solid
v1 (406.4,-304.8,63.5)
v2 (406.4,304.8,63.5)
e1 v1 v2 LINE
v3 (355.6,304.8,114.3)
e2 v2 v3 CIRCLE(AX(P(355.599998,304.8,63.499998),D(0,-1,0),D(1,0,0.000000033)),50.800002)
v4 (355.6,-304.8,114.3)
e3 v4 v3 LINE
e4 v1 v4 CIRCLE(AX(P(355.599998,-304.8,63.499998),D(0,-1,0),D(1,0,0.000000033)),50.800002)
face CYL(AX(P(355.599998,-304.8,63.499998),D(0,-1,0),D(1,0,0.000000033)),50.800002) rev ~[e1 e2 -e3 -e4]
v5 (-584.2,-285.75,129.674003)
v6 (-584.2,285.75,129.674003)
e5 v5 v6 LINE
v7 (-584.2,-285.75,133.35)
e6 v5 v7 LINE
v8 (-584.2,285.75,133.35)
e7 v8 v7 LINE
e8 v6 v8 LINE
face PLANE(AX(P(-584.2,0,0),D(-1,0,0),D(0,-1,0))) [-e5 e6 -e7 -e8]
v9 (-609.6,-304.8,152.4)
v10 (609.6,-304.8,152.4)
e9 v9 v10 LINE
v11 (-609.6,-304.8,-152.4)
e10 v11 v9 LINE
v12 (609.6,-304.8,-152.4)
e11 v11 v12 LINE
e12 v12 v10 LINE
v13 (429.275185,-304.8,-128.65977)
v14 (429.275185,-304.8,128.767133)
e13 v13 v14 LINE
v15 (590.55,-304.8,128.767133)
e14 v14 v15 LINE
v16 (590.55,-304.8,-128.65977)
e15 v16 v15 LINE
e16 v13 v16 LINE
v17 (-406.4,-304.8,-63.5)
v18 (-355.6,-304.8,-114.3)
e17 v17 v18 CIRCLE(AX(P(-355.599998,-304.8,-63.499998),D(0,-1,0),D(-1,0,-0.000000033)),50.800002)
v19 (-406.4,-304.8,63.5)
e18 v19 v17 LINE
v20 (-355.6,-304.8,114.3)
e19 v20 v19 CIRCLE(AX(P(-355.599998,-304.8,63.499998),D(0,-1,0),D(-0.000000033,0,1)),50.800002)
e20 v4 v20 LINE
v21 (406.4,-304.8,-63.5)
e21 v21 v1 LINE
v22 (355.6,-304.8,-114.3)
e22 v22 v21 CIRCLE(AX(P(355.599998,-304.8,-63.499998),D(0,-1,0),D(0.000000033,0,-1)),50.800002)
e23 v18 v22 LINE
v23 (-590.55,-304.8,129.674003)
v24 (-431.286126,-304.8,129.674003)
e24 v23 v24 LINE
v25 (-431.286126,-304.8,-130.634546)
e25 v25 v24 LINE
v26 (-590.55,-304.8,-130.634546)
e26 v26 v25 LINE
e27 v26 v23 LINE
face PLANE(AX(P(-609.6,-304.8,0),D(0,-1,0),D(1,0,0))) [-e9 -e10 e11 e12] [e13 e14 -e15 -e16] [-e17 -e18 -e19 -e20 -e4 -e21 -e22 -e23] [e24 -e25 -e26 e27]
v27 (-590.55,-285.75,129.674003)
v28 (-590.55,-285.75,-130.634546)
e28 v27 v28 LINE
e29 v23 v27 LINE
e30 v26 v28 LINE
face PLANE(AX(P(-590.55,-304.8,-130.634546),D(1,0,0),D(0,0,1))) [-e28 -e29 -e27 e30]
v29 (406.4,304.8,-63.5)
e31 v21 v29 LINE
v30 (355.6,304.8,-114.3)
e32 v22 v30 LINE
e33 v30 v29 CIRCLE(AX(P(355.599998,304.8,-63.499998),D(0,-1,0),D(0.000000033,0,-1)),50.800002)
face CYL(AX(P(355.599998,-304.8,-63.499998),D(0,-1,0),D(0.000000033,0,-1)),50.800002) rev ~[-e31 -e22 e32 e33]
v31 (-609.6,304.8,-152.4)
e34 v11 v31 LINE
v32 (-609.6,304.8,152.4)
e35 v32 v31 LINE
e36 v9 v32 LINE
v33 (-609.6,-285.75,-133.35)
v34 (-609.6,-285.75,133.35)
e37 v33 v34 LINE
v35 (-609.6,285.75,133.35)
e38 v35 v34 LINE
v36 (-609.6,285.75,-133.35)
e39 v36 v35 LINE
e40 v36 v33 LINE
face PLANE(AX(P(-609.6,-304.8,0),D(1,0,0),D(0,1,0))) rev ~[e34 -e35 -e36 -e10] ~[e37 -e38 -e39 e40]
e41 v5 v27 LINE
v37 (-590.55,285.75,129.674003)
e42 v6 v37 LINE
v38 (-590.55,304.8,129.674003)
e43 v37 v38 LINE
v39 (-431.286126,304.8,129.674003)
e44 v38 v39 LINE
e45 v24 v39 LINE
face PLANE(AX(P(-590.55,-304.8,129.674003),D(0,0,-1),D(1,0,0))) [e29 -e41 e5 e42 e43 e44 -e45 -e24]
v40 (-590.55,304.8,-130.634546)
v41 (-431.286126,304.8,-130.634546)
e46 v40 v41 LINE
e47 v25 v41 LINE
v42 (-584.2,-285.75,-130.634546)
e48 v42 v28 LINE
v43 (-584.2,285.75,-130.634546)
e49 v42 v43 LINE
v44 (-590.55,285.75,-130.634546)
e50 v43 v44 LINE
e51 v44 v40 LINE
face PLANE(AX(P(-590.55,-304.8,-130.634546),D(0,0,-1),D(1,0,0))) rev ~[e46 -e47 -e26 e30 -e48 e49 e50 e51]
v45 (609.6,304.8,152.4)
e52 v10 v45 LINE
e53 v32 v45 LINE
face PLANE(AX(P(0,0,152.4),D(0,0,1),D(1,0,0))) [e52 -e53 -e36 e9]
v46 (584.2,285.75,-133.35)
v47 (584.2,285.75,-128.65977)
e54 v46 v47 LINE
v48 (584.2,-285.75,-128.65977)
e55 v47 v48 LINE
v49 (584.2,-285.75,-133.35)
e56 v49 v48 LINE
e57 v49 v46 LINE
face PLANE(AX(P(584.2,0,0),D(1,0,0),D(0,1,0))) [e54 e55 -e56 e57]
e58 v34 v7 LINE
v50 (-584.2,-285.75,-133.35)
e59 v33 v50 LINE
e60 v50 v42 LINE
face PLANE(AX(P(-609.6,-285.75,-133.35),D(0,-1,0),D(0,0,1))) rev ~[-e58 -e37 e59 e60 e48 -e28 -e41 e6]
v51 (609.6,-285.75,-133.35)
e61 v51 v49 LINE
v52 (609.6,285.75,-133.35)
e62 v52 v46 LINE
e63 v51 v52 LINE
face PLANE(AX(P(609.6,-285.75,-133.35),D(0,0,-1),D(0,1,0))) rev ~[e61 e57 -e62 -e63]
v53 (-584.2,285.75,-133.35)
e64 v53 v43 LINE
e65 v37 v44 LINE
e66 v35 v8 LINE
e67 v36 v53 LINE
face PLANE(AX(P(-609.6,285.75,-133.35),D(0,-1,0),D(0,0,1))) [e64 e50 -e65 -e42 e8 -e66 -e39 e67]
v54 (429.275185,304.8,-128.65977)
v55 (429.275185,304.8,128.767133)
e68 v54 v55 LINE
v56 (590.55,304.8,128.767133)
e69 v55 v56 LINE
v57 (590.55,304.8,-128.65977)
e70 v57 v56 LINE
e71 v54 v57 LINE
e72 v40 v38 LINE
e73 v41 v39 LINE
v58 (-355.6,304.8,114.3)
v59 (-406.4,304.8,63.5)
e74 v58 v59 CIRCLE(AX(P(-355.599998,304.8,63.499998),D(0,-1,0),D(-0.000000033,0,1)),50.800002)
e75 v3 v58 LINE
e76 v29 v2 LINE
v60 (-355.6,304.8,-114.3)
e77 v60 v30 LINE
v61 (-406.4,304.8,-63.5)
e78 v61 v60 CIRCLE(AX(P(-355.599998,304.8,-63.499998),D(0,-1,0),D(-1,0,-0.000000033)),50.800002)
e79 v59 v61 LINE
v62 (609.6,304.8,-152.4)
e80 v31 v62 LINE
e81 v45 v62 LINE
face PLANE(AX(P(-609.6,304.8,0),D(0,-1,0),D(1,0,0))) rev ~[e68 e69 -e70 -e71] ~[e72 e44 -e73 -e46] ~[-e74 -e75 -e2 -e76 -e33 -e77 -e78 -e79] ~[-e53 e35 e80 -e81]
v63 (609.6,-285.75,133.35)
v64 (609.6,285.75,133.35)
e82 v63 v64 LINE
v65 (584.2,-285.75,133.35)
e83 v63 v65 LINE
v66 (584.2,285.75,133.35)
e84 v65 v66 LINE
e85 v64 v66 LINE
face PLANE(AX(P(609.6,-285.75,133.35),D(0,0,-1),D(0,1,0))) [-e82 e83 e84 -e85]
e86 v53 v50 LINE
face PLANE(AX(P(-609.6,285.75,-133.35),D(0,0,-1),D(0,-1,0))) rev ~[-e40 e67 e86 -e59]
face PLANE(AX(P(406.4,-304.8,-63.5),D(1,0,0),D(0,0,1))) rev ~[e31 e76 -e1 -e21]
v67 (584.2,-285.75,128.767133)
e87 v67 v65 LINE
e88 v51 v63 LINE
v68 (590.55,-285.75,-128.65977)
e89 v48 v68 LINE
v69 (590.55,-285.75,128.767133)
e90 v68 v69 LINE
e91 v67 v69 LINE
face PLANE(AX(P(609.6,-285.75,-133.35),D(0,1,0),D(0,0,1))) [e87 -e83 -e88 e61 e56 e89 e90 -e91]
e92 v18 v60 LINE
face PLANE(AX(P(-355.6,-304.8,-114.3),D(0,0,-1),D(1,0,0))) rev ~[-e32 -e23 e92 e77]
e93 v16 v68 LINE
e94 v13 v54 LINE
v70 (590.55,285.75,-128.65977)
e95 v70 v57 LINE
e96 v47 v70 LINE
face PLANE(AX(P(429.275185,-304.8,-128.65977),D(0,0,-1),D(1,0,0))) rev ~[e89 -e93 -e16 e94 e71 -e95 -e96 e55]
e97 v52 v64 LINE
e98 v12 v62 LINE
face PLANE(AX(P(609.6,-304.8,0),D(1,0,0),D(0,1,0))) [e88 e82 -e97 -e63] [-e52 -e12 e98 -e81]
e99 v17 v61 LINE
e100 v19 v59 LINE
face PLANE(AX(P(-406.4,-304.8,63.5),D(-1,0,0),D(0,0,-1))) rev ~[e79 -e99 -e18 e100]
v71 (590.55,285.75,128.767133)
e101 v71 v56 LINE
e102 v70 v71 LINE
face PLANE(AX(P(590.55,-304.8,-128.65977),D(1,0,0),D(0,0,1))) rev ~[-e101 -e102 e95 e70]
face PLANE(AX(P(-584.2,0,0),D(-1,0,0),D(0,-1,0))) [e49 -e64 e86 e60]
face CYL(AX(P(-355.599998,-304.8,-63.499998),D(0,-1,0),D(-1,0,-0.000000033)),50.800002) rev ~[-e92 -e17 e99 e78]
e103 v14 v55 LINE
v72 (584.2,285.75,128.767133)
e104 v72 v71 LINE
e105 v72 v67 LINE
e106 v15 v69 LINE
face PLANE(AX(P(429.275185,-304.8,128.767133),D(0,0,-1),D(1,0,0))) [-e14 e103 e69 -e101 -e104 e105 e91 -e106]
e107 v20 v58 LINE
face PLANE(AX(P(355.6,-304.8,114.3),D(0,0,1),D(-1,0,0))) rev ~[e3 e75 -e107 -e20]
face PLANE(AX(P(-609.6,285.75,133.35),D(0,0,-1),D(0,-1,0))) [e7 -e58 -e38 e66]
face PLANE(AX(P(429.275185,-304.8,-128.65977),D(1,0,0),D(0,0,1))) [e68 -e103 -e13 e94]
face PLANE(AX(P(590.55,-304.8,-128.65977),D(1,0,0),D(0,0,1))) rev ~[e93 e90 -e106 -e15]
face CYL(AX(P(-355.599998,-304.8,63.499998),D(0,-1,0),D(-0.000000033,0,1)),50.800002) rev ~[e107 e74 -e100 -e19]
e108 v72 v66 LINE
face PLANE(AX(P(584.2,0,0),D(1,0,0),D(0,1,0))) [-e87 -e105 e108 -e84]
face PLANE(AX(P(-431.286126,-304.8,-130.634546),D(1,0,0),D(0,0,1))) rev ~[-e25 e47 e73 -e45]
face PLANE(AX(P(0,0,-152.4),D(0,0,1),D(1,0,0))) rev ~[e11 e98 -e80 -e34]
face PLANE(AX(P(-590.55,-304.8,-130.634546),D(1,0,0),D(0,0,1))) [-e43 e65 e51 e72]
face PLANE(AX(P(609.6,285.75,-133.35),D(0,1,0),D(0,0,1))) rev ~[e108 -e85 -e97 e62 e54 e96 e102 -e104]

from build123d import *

# Parameters (mm, degrees)
F0_W     = 1219.2
F0_H     = 609.6
F1_DEPTH = 152.4
F3_DEPTH = 1219.2
F4_W     = 161.274815
F4_H     = 257.426903
F4_W_2   = 159.263874
F4_H_2   = 260.308549
F5_DEPTH = 1219.2
F6_W     = 571.5
F6_H     = 266.7
F7_DEPTH = 25.4
F8_W     = 571.5
F8_H     = 266.7
F9_DEPTH = 25.4


with BuildPart() as f1:
    # F0 (on Top) → F1 (new body, symmetric)
    with BuildSketch(Plane.XY):
        Rectangle(F0_W, F0_H)
    extrude(amount=F1_DEPTH, both=True)

    # F2 (on face) → F3 (cut)
    with BuildSketch(Plane.XZ.offset(304.8)):
        with BuildLine():
            Line((-355.6, -114.3), (355.6, -114.3))
            ThreePointArc((355.6, -114.3), (391.521024, -99.421024), (406.4, -63.5))
            Line((406.4, -63.5), (406.4, 63.5))
            ThreePointArc((406.4, 63.5), (391.521024, 99.421024), (355.6, 114.3))
            Line((355.6, 114.3), (-355.6, 114.3))
            ThreePointArc((-355.6, 114.3), (-391.521024, 99.421024), (-406.4, 63.5))
            Line((-406.4, 63.5), (-406.4, -63.5))
            ThreePointArc((-406.4, -63.5), (-391.521024, -99.421024), (-355.6, -114.3))
        make_face()
    extrude(amount=-F3_DEPTH, mode=Mode.SUBTRACT)

    # F4 (on face) → F5 (cut)
    with BuildSketch(Plane.XZ.offset(304.8)):
        with Locations((509.912592, 0.053682)):
            Rectangle(F4_W, F4_H)
        with Locations((-510.918063, -0.480272)):
            Rectangle(F4_W_2, F4_H_2)
    extrude(amount=-F5_DEPTH, mode=Mode.SUBTRACT)

    # F6 (on face) → F7 (cut)
    with BuildSketch(Plane.YZ.offset(609.6)):
        Rectangle(F6_W, F6_H)
    extrude(amount=-F7_DEPTH, mode=Mode.SUBTRACT)

    # F8 (on face) → F9 (cut)
    with BuildSketch(Plane(origin=(-609.6, 0, 0), x_dir=(0, -1, 0), z_dir=(-1, 0, 0))):
        Rectangle(F8_W, F8_H)
    extrude(amount=-F9_DEPTH, mode=Mode.SUBTRACT)


solid = f1.part
